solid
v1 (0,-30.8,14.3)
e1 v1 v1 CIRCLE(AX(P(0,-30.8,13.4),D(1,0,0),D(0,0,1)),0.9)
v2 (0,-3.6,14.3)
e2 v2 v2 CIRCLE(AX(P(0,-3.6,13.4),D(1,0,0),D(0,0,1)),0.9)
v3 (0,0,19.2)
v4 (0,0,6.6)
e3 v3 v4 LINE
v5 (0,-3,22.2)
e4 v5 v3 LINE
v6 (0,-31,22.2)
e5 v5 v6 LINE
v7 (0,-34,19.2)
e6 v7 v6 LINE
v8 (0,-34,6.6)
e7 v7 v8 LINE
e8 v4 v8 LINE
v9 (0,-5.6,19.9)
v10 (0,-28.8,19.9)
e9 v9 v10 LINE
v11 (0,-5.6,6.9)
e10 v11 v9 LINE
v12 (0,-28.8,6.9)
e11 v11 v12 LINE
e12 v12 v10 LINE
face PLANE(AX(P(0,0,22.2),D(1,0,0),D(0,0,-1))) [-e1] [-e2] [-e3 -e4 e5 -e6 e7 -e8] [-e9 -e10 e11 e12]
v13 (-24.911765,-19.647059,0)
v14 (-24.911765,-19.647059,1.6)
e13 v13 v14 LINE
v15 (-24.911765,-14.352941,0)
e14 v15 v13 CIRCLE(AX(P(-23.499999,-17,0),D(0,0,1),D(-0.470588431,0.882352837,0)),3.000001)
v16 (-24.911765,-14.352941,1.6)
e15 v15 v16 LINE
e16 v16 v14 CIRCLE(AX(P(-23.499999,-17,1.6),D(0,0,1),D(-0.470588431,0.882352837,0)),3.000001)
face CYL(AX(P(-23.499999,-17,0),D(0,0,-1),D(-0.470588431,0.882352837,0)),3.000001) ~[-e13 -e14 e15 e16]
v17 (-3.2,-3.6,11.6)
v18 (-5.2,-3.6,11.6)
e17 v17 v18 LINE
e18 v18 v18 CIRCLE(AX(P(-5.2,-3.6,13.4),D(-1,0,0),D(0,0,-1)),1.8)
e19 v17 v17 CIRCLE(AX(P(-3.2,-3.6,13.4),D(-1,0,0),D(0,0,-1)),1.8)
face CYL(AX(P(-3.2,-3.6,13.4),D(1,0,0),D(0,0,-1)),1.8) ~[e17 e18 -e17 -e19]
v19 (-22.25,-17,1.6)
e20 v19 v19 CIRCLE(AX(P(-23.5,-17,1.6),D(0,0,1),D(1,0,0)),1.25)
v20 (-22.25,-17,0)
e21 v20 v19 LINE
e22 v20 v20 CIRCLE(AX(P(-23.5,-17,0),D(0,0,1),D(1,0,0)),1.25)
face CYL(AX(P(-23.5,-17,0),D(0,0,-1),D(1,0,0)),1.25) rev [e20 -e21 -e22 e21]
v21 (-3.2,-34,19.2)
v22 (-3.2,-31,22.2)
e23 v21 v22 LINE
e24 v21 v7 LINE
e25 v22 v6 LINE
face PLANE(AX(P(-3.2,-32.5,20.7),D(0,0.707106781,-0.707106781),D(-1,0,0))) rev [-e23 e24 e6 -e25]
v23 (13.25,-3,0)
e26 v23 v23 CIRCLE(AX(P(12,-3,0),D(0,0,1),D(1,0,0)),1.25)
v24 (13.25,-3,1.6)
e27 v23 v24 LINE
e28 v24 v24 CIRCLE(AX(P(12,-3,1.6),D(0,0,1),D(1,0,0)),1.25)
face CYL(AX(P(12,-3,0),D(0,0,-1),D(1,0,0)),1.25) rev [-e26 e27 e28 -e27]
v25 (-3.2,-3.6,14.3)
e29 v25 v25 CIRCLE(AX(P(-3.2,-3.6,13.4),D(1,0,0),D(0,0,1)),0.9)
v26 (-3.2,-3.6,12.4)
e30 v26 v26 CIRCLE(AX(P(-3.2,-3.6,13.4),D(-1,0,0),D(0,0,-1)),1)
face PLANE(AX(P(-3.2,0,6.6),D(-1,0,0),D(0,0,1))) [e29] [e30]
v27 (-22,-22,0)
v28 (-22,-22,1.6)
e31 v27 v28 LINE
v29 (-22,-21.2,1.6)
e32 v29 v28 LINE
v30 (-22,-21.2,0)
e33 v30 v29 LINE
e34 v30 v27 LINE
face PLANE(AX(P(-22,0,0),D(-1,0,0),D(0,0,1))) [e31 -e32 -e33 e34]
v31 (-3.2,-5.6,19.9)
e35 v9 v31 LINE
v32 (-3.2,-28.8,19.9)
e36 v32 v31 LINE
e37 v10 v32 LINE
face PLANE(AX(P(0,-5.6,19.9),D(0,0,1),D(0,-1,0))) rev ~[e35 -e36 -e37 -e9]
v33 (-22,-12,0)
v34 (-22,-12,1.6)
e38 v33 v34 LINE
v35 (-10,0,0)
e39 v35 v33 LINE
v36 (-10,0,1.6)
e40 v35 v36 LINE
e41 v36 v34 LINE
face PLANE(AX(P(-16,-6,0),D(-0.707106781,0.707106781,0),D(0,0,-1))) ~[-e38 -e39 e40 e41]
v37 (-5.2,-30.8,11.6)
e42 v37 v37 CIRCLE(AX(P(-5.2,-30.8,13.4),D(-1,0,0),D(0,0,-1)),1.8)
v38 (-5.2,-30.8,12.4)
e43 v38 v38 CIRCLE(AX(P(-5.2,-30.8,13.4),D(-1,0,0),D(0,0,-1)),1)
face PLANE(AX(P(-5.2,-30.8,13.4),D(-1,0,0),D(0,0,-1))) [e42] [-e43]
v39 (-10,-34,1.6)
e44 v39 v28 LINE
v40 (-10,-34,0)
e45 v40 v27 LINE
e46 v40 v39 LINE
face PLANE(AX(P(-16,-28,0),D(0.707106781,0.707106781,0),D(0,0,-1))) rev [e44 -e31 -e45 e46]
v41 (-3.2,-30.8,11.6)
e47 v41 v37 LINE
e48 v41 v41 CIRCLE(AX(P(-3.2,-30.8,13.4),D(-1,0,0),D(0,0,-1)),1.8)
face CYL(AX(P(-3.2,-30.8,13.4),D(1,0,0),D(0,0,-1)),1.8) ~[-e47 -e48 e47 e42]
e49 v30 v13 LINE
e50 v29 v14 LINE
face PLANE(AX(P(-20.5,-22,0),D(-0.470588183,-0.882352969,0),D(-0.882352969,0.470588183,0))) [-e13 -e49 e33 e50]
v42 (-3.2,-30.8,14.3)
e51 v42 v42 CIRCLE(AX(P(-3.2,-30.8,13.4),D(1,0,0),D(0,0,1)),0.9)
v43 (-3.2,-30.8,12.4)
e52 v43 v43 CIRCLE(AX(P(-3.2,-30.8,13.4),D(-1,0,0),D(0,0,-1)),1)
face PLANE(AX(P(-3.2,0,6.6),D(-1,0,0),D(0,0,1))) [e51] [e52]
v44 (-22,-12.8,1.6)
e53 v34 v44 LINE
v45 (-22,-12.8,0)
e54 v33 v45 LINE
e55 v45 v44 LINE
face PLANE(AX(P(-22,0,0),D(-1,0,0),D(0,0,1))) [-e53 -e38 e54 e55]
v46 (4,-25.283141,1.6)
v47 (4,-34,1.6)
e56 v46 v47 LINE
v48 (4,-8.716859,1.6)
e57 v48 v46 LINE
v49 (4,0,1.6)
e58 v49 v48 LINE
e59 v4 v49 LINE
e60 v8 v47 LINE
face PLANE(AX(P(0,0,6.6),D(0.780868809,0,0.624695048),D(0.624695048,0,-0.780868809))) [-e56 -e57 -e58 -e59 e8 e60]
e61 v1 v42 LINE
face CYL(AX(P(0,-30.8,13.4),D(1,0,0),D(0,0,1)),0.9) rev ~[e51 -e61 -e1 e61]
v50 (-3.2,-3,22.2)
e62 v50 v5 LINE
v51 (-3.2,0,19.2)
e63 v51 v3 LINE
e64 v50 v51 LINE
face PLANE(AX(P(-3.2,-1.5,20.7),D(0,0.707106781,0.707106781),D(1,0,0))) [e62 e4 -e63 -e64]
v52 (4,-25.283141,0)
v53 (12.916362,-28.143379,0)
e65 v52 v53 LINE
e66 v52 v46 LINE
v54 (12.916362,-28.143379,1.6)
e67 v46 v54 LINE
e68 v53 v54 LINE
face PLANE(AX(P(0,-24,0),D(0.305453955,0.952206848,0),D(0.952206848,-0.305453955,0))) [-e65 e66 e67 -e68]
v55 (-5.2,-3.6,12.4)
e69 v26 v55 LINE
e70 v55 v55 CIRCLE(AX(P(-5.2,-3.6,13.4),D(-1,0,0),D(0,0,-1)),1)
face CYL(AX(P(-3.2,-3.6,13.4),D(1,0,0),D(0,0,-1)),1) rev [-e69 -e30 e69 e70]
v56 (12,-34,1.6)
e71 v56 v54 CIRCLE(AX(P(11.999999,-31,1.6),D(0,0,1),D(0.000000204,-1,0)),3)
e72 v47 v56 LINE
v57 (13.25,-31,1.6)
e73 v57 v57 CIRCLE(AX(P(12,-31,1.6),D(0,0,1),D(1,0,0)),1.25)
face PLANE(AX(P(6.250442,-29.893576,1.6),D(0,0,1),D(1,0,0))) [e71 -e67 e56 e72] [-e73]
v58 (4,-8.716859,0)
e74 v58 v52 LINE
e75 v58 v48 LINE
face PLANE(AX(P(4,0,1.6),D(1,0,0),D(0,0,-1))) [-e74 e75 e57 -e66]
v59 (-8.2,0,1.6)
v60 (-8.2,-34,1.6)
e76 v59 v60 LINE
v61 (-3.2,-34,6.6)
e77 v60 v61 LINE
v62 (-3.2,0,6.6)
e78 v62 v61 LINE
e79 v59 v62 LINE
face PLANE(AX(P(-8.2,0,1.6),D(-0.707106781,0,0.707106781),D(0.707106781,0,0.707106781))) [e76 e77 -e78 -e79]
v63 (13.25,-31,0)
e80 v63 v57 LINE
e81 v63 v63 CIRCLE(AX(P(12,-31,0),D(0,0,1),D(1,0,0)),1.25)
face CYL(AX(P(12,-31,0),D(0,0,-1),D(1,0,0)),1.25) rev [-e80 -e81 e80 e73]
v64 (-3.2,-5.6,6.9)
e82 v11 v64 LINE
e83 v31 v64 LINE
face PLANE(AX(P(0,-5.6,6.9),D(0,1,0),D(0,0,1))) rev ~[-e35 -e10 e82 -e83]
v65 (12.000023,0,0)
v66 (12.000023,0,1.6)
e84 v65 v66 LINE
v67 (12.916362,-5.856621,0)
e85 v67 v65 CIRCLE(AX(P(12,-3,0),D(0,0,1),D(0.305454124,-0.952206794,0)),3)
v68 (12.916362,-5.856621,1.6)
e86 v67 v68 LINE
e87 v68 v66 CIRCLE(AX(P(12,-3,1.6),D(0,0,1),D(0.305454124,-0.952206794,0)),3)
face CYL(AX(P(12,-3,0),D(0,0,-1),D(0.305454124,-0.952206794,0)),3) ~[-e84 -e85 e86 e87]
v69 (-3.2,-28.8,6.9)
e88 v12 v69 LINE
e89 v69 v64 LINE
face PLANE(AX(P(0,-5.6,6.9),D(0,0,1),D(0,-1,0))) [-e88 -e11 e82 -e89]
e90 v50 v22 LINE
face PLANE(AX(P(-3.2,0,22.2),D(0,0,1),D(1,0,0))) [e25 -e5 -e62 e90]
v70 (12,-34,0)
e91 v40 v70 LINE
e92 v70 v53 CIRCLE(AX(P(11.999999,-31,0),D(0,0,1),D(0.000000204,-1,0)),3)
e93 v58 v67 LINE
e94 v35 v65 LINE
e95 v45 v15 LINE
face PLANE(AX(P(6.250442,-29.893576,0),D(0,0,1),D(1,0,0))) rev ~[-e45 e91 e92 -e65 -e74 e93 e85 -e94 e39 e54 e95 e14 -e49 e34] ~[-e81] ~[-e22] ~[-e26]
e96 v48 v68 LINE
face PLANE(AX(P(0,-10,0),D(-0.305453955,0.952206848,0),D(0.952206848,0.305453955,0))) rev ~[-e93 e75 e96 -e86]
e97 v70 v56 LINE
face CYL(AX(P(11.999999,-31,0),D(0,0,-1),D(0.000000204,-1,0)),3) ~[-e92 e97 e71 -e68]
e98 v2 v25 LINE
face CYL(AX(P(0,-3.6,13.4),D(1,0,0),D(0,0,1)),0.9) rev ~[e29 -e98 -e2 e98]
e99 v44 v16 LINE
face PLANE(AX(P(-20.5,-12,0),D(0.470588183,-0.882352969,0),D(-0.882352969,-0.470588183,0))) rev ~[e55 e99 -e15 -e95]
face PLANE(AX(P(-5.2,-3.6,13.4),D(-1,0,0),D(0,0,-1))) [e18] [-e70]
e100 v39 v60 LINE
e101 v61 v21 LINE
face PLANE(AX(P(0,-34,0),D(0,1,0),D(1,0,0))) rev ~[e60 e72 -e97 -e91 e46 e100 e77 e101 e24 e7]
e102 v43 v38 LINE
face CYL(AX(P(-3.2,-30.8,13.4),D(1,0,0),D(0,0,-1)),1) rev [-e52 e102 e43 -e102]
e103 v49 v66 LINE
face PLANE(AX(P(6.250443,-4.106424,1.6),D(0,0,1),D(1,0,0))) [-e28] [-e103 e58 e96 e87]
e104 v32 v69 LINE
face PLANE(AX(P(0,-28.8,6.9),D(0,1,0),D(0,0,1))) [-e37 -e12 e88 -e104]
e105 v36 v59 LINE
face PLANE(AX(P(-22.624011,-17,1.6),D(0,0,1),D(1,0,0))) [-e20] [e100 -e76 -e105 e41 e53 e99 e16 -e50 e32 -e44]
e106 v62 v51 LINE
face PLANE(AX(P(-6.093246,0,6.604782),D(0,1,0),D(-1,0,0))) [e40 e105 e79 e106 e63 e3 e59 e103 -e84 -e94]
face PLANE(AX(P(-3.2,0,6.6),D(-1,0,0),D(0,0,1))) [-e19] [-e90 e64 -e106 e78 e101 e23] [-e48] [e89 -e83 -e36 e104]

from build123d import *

# Parameters (mm, degrees)
PAD_DEPTH       = 34
SKETCH_R        = 0.9
POCKET_DEPTH    = 22.001
SKETCH003_W     = 13
SKETCH003_H     = 23.2
POCKET001_DEPTH = 22.001
SKETCH005_R     = 1.25
PAD001_DEPTH    = 1.6
SKETCH006_R     = 1.25
PAD002_DEPTH    = 1.6
SKETCH008_R     = 1.8
SKETCH008_R_2   = 1
PAD003_DEPTH    = 2
CHAMFER_SIZE    = 3
CHAMFER001_SIZE = 12


with BuildPart() as part:
    # Sketch001 → Pad (new body)
    with BuildSketch(Plane.XZ):
        Polygon((-22, 1.6), (-8.2, 1.6), (-3.2, 6.6), (-3.2, 22.2), (0, 22.2), (0, 6.6), (4, 1.6), (4, 0), (-3.601763, 0), (-22, 0), align=None)
    extrude(amount=PAD_DEPTH)

    # Sketch → Pocket (cut, through all)
    with BuildSketch(Plane(origin=(0, 0, 0), x_dir=(0, 0, 1), z_dir=(1, 0, 0))):
        with Locations((13.4, 30.8)):
            Circle(SKETCH_R)
        with Locations((13.4, 3.6)):
            Circle(SKETCH_R)
    extrude(amount=-POCKET_DEPTH, mode=Mode.SUBTRACT)

    # Sketch003 (on DatumPlane) → Pocket001 (cut, through all)
    with BuildSketch(Plane(origin=(0, 0, 0), x_dir=(0, 0, 1), z_dir=(1, 0, 0))):
        with Locations((13.4, 17.2)):
            Rectangle(SKETCH003_W, SKETCH003_H)
    extrude(amount=-POCKET001_DEPTH, mode=Mode.SUBTRACT)

    # Sketch005 → Pad001 (join)
    with BuildSketch(Plane.XY):
        with BuildLine():
            ThreePointArc((-24.911765, -14.352941), (-26.5, -17), (-24.911765, -19.647059))
            Line((-20.5, -22), (-24.911765, -19.647059))
            Line((-20.5, -12), (-20.5, -22))
            Line((-20.5, -12), (-24.911765, -14.352941))
        make_face()
        with Locations((-23.5, -17)):
            Circle(SKETCH005_R, mode=Mode.SUBTRACT)
    extrude(amount=PAD001_DEPTH)

    # Sketch006 → Pad002 (join)
    with BuildSketch(Plane.XY):
        with BuildLine():
            ThreePointArc((12, -34), (14.963938, -31.463756), (12.916362, -28.143379))
            Line((0, -24), (12.916362, -28.143379))
            Line((0, -34), (0, -24))
            Line((0, -34), (12, -34))
        make_face()
        with Locations((12, -31)):
            Circle(SKETCH006_R, mode=Mode.SUBTRACT)
        with BuildLine():
            ThreePointArc((12.916362, -5.856621), (14.96394, -2.536256), (12.000023, 0))
            Line((0, 0), (12.000023, 0))
            Line((0, 0), (0, -10))
            Line((0, -10), (12.916362, -5.856621))
        make_face()
        with Locations((12, -3)):
            Circle(SKETCH006_R, mode=Mode.SUBTRACT)
    extrude(amount=PAD002_DEPTH)

    # Sketch008 (on Face2 of Pad002) → Pad003 (join)
    with BuildSketch(Plane(origin=(-3.2, 0, 0), x_dir=(0, 0, -1), z_dir=(-1, 0, 0))):
        with Locations((-13.4, 30.8)):
            Circle(SKETCH008_R)
        with Locations((-13.4, 30.8)):
            Circle(SKETCH008_R_2, mode=Mode.SUBTRACT)
        with Locations((-13.4, 3.6)):
            Circle(SKETCH008_R)
        with Locations((-13.4, 3.6)):
            Circle(SKETCH008_R_2, mode=Mode.SUBTRACT)
    extrude(amount=PAD003_DEPTH)

    # Chamfer
    chamfer_edges = [part.edges().sort_by_distance(p)[0] for p in [
        (-1.6, -34, 22.2),
        (-1.6, 0, 22.2),
    ]]
    chamfer(chamfer_edges, length=CHAMFER_SIZE)

    # Chamfer001
    chamfer001_edges = [part.edges().sort_by_distance(p)[0] for p in [
        (-22, -34, 0.8),
        (-22, 0, 0.8),
    ]]
    chamfer(chamfer001_edges, length=CHAMFER001_SIZE)


solid = part.part
